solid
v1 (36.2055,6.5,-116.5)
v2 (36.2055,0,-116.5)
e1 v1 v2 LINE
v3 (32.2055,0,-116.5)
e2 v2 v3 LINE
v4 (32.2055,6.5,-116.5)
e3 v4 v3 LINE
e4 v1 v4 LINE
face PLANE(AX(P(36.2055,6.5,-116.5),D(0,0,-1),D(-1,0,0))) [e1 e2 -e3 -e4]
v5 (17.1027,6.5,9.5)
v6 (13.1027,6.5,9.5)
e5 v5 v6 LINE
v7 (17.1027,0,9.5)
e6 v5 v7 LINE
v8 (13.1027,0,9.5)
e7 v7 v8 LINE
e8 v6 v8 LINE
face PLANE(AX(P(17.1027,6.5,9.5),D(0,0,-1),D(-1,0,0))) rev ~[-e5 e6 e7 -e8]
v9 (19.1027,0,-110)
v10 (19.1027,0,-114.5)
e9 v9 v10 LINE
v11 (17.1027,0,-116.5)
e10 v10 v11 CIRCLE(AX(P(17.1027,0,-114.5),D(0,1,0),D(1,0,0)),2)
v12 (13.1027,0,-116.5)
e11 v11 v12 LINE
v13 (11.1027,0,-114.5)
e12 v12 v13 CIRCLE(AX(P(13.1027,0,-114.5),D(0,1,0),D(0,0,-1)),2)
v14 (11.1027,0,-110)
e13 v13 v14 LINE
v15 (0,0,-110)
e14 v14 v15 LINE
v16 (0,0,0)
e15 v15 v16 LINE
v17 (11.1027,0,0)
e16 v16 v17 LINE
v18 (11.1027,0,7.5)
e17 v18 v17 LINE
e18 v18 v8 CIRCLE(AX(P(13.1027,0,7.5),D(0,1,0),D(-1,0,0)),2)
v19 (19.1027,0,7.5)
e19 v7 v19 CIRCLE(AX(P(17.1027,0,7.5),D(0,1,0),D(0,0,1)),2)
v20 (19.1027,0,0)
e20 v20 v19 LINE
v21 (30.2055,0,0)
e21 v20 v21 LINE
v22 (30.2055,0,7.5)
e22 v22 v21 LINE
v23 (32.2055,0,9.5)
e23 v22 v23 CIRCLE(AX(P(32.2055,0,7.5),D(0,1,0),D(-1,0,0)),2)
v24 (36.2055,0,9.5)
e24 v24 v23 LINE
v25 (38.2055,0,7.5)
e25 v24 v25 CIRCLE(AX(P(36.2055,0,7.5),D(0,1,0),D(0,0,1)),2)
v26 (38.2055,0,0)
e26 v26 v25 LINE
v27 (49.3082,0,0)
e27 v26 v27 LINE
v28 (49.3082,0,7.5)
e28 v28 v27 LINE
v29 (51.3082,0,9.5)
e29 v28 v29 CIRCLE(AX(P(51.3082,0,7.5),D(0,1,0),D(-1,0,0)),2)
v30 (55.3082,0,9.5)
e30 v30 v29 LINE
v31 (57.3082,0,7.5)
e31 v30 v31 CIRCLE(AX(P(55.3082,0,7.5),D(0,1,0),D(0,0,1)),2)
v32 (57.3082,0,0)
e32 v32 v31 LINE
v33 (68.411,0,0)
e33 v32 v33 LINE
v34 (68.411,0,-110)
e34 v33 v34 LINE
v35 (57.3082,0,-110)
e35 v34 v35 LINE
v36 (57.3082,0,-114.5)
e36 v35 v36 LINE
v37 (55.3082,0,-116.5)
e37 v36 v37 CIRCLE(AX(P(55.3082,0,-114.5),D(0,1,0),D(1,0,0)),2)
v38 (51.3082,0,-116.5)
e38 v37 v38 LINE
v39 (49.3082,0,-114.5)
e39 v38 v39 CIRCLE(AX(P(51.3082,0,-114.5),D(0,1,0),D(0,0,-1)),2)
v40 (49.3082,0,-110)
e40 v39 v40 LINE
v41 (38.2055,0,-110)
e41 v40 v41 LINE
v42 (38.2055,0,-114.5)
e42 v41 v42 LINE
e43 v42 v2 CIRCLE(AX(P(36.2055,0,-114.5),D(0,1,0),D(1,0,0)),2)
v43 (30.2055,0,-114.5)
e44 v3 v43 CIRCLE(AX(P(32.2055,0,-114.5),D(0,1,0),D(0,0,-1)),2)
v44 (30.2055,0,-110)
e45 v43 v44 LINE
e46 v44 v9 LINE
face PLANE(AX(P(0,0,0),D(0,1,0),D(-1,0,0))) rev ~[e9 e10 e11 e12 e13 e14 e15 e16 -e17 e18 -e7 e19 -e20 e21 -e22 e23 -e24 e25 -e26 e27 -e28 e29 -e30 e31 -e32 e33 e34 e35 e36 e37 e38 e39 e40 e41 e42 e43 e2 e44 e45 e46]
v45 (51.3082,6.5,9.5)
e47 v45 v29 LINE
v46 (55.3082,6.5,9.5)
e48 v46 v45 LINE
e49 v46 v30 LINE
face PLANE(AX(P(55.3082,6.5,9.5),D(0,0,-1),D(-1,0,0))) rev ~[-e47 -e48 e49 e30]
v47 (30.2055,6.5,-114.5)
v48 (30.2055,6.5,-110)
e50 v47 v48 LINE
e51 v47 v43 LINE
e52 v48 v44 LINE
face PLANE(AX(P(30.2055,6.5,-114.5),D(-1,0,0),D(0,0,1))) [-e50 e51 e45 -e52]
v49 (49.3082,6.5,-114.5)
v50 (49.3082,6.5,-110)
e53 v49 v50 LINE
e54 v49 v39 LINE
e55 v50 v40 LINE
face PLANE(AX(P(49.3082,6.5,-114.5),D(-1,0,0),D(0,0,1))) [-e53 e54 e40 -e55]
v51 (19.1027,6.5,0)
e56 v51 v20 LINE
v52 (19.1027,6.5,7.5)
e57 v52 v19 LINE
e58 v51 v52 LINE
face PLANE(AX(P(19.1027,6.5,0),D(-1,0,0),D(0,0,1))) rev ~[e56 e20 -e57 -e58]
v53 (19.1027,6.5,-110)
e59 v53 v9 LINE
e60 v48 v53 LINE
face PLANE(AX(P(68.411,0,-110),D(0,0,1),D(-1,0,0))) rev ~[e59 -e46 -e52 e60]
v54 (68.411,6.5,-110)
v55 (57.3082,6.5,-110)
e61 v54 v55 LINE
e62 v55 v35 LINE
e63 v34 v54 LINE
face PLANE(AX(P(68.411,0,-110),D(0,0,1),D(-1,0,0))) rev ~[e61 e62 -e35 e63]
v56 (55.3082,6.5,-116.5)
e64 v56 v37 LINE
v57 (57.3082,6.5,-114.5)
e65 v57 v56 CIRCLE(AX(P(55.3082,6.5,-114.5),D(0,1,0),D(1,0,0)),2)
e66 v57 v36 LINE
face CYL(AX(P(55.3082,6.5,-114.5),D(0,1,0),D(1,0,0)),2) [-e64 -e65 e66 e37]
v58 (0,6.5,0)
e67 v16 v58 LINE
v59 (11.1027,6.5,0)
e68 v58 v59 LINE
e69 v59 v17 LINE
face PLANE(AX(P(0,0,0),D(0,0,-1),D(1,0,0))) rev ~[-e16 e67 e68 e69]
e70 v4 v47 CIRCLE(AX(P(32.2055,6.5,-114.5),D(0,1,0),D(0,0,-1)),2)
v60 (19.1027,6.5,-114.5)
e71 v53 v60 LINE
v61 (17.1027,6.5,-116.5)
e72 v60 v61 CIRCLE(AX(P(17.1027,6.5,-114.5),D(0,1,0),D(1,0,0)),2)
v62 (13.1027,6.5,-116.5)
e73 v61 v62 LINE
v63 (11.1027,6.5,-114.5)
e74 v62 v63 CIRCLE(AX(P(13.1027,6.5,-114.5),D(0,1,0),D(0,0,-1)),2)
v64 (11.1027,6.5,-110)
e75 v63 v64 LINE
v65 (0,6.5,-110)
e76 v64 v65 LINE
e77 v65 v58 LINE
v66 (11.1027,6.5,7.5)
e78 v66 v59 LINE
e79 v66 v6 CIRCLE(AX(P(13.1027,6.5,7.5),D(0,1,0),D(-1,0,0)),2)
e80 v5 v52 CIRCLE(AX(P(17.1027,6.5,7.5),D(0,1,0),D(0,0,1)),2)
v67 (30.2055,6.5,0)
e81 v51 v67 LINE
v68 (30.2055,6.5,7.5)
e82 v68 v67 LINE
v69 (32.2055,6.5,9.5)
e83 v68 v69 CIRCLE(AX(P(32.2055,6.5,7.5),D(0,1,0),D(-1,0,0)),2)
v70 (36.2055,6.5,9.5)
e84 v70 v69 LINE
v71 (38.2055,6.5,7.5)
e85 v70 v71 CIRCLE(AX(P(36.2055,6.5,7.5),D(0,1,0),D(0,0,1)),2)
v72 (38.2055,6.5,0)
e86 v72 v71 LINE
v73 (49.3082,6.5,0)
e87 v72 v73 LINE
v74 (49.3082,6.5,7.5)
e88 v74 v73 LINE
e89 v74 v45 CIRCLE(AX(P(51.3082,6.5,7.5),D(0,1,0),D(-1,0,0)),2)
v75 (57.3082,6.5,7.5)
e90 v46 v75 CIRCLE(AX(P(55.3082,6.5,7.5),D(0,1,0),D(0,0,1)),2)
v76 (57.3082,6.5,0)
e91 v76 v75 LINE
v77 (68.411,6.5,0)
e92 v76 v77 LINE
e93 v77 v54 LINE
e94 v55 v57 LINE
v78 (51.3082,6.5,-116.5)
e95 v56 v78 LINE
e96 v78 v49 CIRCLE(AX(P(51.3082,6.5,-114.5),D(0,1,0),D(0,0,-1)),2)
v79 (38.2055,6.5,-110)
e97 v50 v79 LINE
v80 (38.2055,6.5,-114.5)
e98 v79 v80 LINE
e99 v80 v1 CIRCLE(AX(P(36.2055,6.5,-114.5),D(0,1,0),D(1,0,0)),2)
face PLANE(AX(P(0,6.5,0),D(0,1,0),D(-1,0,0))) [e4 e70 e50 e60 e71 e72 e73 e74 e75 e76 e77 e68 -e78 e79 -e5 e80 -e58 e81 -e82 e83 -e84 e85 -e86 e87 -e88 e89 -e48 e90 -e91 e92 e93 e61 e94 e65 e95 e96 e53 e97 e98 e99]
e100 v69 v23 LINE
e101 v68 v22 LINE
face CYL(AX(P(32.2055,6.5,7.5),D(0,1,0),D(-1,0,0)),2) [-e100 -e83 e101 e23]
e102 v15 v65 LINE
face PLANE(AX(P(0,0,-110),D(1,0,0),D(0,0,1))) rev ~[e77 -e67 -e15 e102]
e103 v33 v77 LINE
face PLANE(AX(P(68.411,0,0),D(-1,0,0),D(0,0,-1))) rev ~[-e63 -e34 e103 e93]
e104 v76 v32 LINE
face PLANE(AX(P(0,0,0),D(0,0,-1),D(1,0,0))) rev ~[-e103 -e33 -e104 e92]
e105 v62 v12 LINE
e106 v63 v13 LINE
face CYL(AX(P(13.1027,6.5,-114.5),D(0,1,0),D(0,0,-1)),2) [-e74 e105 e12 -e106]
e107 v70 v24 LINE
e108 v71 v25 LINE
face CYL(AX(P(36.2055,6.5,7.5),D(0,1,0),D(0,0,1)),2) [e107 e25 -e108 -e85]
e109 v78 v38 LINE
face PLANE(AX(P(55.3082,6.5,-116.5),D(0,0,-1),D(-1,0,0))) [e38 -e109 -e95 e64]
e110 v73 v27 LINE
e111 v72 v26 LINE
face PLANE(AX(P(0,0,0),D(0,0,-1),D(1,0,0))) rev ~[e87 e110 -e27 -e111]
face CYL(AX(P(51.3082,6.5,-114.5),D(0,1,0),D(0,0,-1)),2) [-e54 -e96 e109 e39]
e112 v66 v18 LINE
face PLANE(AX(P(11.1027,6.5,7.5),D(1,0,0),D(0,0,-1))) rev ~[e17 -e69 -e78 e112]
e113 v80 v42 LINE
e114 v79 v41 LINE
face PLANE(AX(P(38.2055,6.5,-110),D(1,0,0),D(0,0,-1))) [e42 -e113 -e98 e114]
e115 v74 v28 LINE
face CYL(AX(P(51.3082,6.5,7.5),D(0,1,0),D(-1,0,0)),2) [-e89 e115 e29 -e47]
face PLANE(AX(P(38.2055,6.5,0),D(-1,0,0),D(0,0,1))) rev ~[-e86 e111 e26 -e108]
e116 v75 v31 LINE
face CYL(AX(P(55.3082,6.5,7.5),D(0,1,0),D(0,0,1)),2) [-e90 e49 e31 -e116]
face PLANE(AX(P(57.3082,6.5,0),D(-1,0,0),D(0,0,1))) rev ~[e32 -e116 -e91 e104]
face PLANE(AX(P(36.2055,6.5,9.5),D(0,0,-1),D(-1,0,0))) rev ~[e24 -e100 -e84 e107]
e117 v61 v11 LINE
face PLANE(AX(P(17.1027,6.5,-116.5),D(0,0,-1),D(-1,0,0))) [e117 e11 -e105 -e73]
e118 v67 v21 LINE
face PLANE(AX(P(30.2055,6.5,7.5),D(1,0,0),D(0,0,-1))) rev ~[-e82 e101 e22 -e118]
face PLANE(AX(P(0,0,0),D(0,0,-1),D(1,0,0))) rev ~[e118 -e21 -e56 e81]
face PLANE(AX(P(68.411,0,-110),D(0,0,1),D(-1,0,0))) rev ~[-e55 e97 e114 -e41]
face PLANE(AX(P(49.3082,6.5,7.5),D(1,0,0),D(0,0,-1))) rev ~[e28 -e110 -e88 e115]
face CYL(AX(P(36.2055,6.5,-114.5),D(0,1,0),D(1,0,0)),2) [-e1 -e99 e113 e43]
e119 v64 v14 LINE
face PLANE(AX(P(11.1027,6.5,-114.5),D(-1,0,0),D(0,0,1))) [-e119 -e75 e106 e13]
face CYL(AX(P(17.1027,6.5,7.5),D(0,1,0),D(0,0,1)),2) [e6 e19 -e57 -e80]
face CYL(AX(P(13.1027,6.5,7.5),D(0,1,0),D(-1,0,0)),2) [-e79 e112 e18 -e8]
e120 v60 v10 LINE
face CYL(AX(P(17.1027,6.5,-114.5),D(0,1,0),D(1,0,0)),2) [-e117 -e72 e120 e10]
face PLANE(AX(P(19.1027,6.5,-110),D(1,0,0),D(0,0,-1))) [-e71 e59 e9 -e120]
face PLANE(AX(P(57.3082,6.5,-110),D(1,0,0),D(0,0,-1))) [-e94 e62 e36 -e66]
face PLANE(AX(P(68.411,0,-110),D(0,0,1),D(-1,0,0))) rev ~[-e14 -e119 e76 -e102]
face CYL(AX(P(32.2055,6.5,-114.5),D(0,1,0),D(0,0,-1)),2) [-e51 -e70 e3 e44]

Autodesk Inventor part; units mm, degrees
ref_plane "YZ Plane" through (0, 0, 0) normal (1, 0, 0) x (0, 1, 0)
ref_plane "XZ Plane" through (0, 0, 0) normal (0, 1, 0) x (-1, 0, 0)
ref_plane "XY Plane" through (0, 0, 0) normal (0, 0, 1) x (1, 0, 0)
sketch "Sketch1" plane through (0, 0, 0) normal (0, 1, 0) x (-1, 0, 0)
  line L0 (0, 0) -> (-68.411, 0)
  line L1 (-68.411, 0) -> (-68.411, -110)
  line L2 (-68.411, -110) -> (0, -110)
  line L3 (0, -110) -> (0, 0)
  dimension "d0" = 110
  dimension "d1" = 68.411
extrude "Extrusion1" add sketch "Sketch1" along normal blind 6.5
sketch "Sketch2" plane through (0, 6.5, 0) normal (0, 1, 0) x (1, 0, 0)
  line L0 (68.411, 0) -> (68.411, 110) projected
  line L1 (68.411, 110) -> (0, 110) projected
  line L2 (0, 110) -> (0, 0) projected
  line L3 (11.1027, 110) -> (19.1027, 110)
  line L4 (19.1027, 110) -> (19.1027, 114.5)
  line L5 (17.1027, 116.5) -> (13.1027, 116.5)
  line L6 (11.1027, 114.5) -> (11.1027, 110)
  line L7 (30.2055, 110) -> (38.2055, 110)
  line L8 (38.2055, 110) -> (38.2055, 114.5)
  line L9 (36.2055, 116.5) -> (32.2055, 116.5)
  line L10 (30.2055, 114.5) -> (30.2055, 110)
  line L11 (49.3082, 110) -> (57.3082, 110)
  line L12 (57.3082, 110) -> (57.3082, 114.5)
  line L13 (55.3082, 116.5) -> (51.3082, 116.5)
  line L14 (49.3082, 114.5) -> (49.3082, 110)
  arc A0 (13.1027, 116.5) -> (11.1027, 114.5) centre (13.1027, 114.5) ccw
  arc A1 (19.1027, 114.5) -> (17.1027, 116.5) centre (17.1027, 114.5) ccw
  arc A2 (32.2055, 116.5) -> (30.2055, 114.5) centre (32.2055, 114.5) ccw
  arc A3 (38.2055, 114.5) -> (36.2055, 116.5) centre (36.2055, 114.5) ccw
  arc A4 (51.3082, 116.5) -> (49.3082, 114.5) centre (51.3082, 114.5) ccw
  arc A5 (57.3082, 114.5) -> (55.3082, 116.5) centre (55.3082, 114.5) ccw
  line L15 (11.1027, 112.25) -> (0, 112.25) construction
  line L16 (19.1027, 112.25) -> (30.2055, 112.25) construction
  line L17 (38.2055, 112.25) -> (49.3082, 112.25) construction
  line L18 (57.3082, 112.25) -> (68.411, 112.25) construction
  line L19 (0, 55) -> (68.411, 55) construction
  line L20 (0, 0) -> (68.411, 0) projected
  line L21 (68.411, 0) -> (68.411, 110) projected
  line L22 (68.411, 110) -> (0, 110) projected
  line L23 (0, 110) -> (0, 0) projected
  line L24 (11.1027, 0) -> (19.1027, 0)
  line L25 (19.1027, 0) -> (19.1027, -7.5)
  line L26 (17.1027, -9.5) -> (13.1027, -9.5)
  line L27 (11.1027, -7.5) -> (11.1027, 0)
  line L28 (30.2055, 0) -> (38.2055, 0)
  line L29 (38.2055, 0) -> (38.2055, -7.5)
  line L30 (36.2055, -9.5) -> (32.2055, -9.5)
  line L31 (30.2055, -7.5) -> (30.2055, 0)
  line L32 (49.3082, 0) -> (57.3082, 0)
  line L33 (57.3082, 0) -> (57.3082, -7.5)
  line L34 (55.3082, -9.5) -> (51.3082, -9.5)
  line L35 (49.3082, -7.5) -> (49.3082, 0)
  arc A6 (11.1027, -7.5) -> (13.1027, -9.5) centre (13.1027, -7.5) ccw
  arc A7 (17.1027, -9.5) -> (19.1027, -7.5) centre (17.1027, -7.5) ccw
  arc A8 (30.2055, -7.5) -> (32.2055, -9.5) centre (32.2055, -7.5) ccw
  arc A9 (36.2055, -9.5) -> (38.2055, -7.5) centre (36.2055, -7.5) ccw
  arc A10 (49.3082, -7.5) -> (51.3082, -9.5) centre (51.3082, -7.5) ccw
  arc A11 (55.3082, -9.5) -> (57.3082, -7.5) centre (55.3082, -7.5) ccw
  dimension "d4" = 2
  dimension "d5" = 8
  dimension "d6" = 8
  dimension "d7" = 8
  dimension "d8" = 6.5
  dimension "d11" = 2
  dimension "d12" = 9.5
extrude "Extrusion3" add sketch "Sketch2" against normal blind 6.5 contours L33 A11 L34 A10 L35 L20 | L1 L14 A4 L13 A5 L12 | L29 A9 L30 A8 L31 L20 | L1 L10 A2 L9 A3 L8 | L25 A7 L26 A6 L27 L20 | L1 L6 A0 L5 A1 L4
equation "\"d6\" = d5"
equation "\"d7\" = d6"
properties part number "spool_stand_brace_middle_b" material "Plywood, Finish"
